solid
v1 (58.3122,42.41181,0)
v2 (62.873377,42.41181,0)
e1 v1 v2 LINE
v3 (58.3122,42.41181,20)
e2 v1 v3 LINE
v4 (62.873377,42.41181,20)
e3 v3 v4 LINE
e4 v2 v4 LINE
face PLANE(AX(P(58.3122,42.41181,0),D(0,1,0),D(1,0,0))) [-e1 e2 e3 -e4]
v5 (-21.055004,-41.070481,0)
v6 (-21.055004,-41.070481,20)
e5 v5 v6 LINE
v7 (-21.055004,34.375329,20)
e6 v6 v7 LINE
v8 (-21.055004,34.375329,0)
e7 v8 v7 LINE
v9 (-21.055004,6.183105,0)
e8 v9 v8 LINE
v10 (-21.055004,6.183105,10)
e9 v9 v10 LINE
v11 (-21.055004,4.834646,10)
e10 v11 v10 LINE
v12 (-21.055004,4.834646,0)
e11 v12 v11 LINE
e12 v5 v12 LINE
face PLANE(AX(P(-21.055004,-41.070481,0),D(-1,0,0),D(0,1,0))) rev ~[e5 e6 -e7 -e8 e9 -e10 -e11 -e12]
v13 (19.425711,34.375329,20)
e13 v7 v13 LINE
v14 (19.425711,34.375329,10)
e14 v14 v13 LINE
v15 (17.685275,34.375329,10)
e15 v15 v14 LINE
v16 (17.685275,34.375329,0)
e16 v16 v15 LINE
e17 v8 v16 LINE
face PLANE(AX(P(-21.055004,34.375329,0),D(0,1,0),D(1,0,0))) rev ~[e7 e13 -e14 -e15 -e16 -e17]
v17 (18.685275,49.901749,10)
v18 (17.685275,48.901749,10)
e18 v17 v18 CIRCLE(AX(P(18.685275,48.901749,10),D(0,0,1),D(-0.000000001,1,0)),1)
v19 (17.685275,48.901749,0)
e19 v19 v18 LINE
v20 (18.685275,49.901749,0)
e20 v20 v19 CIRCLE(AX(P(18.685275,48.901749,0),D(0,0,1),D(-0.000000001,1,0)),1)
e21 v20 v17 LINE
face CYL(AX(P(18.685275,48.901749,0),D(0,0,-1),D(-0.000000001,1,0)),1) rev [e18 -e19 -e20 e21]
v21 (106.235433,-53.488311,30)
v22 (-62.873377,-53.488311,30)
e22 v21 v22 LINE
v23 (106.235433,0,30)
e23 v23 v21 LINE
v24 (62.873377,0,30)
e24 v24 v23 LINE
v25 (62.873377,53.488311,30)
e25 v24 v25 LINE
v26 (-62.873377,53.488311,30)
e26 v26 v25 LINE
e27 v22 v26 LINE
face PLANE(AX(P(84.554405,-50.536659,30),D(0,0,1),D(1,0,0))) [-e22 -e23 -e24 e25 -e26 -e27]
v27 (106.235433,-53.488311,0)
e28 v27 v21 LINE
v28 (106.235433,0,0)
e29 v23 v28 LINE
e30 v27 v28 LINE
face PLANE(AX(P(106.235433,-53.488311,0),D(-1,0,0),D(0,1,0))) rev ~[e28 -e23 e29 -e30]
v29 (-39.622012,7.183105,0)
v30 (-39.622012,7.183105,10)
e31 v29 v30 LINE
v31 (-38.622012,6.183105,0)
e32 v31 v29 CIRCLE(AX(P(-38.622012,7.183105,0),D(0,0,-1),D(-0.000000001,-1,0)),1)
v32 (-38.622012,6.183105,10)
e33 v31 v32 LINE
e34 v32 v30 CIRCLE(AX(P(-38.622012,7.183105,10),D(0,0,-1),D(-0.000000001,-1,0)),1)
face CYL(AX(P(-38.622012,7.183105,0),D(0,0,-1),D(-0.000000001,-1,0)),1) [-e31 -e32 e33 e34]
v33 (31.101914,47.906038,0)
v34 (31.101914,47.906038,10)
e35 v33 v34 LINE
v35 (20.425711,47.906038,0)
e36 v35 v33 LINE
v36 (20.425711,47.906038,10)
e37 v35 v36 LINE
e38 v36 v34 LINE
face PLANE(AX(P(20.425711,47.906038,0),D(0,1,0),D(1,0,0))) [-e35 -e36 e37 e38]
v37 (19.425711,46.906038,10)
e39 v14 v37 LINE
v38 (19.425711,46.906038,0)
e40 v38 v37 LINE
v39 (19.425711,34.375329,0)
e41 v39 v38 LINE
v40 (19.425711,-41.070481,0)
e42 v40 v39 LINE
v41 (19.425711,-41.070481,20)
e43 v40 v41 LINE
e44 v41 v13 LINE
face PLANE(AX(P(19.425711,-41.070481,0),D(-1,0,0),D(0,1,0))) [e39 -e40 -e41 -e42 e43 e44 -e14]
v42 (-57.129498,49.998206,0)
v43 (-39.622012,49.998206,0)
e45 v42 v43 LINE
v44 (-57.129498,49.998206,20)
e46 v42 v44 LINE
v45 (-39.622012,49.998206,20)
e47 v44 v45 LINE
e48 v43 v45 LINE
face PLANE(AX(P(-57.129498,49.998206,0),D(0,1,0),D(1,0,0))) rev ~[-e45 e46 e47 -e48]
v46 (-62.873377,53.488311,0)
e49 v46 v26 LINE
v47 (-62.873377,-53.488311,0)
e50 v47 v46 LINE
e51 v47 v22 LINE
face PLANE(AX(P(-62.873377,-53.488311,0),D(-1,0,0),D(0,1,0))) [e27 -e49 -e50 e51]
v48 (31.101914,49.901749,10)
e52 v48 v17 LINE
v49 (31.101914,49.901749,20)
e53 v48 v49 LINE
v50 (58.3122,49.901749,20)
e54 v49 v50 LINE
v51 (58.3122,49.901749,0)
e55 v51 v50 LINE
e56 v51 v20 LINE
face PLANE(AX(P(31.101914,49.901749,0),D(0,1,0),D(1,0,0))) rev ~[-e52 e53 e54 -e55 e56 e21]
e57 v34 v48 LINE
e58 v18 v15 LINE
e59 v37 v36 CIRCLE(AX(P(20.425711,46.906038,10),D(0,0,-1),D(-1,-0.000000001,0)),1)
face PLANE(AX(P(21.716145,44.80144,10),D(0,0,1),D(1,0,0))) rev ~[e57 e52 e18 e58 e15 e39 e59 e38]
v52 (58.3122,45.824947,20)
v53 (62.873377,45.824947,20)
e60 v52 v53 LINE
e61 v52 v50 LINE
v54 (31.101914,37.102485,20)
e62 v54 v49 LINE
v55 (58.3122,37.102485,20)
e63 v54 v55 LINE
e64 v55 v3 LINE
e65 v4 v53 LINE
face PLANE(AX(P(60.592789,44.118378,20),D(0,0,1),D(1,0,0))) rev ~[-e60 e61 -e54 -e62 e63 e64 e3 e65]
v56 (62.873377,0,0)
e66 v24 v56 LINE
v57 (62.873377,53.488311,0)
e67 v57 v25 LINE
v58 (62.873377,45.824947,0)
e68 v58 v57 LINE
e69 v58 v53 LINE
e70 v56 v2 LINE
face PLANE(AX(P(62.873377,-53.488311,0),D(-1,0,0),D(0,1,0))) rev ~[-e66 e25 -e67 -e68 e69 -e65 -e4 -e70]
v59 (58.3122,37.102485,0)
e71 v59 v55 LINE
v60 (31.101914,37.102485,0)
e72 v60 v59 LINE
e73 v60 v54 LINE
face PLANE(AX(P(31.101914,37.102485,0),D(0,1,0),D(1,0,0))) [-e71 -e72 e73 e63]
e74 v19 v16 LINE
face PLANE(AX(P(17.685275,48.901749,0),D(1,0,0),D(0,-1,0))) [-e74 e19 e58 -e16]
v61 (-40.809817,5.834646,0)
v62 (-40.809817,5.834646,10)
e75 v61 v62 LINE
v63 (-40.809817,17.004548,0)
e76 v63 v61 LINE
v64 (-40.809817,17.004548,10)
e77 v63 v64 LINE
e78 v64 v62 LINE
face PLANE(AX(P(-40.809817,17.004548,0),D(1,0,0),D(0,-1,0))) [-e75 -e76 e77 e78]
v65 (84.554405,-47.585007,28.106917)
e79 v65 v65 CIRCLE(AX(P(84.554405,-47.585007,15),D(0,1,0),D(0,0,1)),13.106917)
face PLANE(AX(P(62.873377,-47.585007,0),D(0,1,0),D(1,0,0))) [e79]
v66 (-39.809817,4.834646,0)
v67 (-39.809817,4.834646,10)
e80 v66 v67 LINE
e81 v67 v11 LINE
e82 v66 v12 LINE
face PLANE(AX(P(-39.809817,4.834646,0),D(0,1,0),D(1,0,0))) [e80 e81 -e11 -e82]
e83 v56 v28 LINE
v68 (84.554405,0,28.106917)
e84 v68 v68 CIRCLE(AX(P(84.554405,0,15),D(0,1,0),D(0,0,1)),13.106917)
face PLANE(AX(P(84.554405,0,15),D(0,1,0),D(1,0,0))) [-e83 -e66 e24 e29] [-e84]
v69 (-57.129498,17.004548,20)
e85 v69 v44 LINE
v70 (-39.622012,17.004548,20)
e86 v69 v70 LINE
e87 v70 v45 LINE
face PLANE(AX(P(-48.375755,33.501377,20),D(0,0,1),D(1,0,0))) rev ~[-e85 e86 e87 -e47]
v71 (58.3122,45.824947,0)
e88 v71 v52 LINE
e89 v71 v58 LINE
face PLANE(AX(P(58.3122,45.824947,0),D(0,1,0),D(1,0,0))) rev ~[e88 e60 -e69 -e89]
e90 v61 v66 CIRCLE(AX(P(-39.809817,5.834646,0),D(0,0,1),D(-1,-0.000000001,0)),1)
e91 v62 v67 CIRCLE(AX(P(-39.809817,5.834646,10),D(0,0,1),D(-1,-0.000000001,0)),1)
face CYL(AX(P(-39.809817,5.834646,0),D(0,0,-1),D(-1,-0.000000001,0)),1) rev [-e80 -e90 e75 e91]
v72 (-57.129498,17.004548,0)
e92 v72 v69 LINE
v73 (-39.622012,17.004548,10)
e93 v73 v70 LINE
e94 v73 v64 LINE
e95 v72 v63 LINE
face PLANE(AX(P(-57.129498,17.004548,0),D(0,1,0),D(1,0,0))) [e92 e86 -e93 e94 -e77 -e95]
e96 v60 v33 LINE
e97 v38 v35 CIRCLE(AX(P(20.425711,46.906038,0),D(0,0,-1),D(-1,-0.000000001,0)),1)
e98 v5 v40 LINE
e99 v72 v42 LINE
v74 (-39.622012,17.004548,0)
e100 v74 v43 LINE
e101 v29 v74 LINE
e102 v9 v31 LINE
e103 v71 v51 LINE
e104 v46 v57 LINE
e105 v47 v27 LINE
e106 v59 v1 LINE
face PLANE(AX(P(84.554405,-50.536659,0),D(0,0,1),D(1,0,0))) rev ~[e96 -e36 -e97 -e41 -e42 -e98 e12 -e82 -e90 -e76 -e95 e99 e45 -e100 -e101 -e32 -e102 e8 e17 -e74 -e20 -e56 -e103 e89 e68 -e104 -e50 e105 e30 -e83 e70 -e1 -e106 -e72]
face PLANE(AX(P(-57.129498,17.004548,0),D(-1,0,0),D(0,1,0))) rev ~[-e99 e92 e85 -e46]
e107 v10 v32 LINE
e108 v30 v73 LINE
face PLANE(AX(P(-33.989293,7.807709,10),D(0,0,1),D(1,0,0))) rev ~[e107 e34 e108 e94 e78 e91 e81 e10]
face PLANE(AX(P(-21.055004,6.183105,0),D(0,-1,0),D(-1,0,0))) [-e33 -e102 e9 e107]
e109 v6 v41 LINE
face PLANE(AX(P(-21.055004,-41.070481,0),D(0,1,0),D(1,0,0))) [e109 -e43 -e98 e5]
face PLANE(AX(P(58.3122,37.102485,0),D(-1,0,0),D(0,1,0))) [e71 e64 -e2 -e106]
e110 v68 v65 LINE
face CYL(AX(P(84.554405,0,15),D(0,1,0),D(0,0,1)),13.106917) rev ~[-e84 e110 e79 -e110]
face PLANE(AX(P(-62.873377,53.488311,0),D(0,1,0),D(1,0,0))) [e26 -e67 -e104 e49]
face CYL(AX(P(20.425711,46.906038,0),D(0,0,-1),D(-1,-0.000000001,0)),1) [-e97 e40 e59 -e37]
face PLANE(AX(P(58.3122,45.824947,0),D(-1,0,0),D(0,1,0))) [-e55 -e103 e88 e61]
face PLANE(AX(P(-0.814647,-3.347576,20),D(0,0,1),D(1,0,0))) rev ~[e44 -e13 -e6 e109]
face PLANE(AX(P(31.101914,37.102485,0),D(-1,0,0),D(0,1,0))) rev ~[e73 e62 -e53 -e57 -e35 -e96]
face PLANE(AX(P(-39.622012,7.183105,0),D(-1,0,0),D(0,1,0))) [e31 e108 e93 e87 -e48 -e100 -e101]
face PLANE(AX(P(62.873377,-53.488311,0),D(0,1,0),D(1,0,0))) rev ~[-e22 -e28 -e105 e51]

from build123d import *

# Parameters (mm, degrees)
SKETCH_1_W          = 125.74675372
SKETCH_1_H          = 106.976622422
EXTRUDE_3_DEPTH     = 30
SKETCH_3_W          = 40.480715441
SKETCH_3_H          = 75.445810288
CUT_EXTRUDE_2_DEPTH = 20
SKETCH_6_W          = 4.561176424
SKETCH_6_H          = 3.413136976
SKETCH_6_W_2        = 27.210286446
SKETCH_6_H_2        = 12.79926366
SKETCH_6_W_3        = 17.507485433
SKETCH_6_H_3        = 32.993657433
CUT_EXTRUDE_6_DEPTH = 20
CUT_EXTRUDE_7_DEPTH = 10
SKETCH_8_W          = 43.362055896
SKETCH_8_H          = 5.90330429
EXTRUDE_4_DEPTH     = 30
SKETCH_9_W          = 43.362055896
SKETCH_9_H          = 30
SKETCH_9_R          = 13.106917469
EXTRUDE_5_DEPTH     = 50


with BuildPart() as part:
    # 草图1 → 凸台-拉伸3 (new body)
    with BuildSketch(Plane.XY):
        Rectangle(SKETCH_1_W, SKETCH_1_H)
    extrude(amount=EXTRUDE_3_DEPTH)

    # 草图3 → 切除-拉伸2 (cut)
    with BuildSketch(Plane.XY):
        with Locations((-0.814646552, -3.347576181)):
            Rectangle(SKETCH_3_W, SKETCH_3_H)
    extrude(amount=CUT_EXTRUDE_2_DEPTH, mode=Mode.SUBTRACT)

    # 草图6 → 切除-拉伸6 (cut)
    with BuildSketch(Plane.XY):
        with Locations((60.592788648, 44.118378059)):
            Rectangle(SKETCH_6_W, SKETCH_6_H)
        with Locations((44.707057213, 43.502117216)):
            Rectangle(SKETCH_6_W_2, SKETCH_6_H_2)
        with Locations((-48.375754904, 33.501377131)):
            Rectangle(SKETCH_6_W_3, SKETCH_6_H_3)
    extrude(amount=CUT_EXTRUDE_6_DEPTH, mode=Mode.SUBTRACT)

    # 草图7 → 切除-拉伸7 (cut)
    with BuildSketch(Plane.XY):
        with BuildLine():
            Line((31.10191399, 49.901749046), (19.425711168, 49.901749046))
            Line((19.425711168, 49.901749046), (18.685275266, 49.901749046))
            ThreePointArc((18.685275266, 49.901749046), (17.978168485, 49.608855827), (17.685275266, 48.901749046))
            Line((17.685275266, 48.901749046), (17.685275266, 34.375328963))
            Line((17.685275266, 34.375328963), (19.425711168, 34.375328963))
            Line((19.425711168, 34.375328963), (19.425711168, 46.90603785))
            ThreePointArc((19.425711168, 46.90603785), (19.718604387, 47.613144632), (20.425711168, 47.90603785))
            Line((20.425711168, 47.90603785), (31.10191399, 47.90603785))
            Line((31.10191399, 47.90603785), (31.10191399, 49.901749046))
        make_face()
        with BuildLine():
            Line((-39.622012187, 17.004548414), (-40.809816648, 17.004548414))
            Line((-40.809816648, 17.004548414), (-40.809816648, 6.183104922))
            Line((-40.809816648, 6.183104922), (-40.809816648, 5.834646341))
            ThreePointArc((-40.809816648, 5.834646341), (-40.516923429, 5.12753956), (-39.809816648, 4.834646341))
            Line((-39.809816648, 4.834646341), (-21.055004273, 4.834646341))
            Line((-21.055004273, 4.834646341), (-21.055004273, 6.183104922))
            Line((-21.055004273, 6.183104922), (-38.622012187, 6.183104922))
            ThreePointArc((-38.622012187, 6.183104922), (-39.329118968, 6.475998141), (-39.622012187, 7.183104922))
            Line((-39.622012187, 7.183104922), (-39.622012187, 17.004548414))
        make_face()
    extrude(amount=CUT_EXTRUDE_7_DEPTH, mode=Mode.SUBTRACT)

    # 草图8 → 凸台-拉伸4 (add)
    with BuildSketch(Plane.XY):
        with Locations((84.554404808, -50.536659066)):
            Rectangle(SKETCH_8_W, SKETCH_8_H)
    extrude(amount=EXTRUDE_4_DEPTH)

    # 草图9 → 凸台-拉伸5 (add)
    with BuildSketch(Plane(origin=(0, 0, 0), x_dir=(1, 0, 0), z_dir=(0, 1, 0))):
        with Locations((84.554404808, -15)):
            Rectangle(SKETCH_9_W, SKETCH_9_H)
        with Locations(Location((84.554404808, -15, 0), (0, 0, 270))):
            Circle(SKETCH_9_R, mode=Mode.SUBTRACT)
    extrude(amount=-EXTRUDE_5_DEPTH)


solid = part.part
